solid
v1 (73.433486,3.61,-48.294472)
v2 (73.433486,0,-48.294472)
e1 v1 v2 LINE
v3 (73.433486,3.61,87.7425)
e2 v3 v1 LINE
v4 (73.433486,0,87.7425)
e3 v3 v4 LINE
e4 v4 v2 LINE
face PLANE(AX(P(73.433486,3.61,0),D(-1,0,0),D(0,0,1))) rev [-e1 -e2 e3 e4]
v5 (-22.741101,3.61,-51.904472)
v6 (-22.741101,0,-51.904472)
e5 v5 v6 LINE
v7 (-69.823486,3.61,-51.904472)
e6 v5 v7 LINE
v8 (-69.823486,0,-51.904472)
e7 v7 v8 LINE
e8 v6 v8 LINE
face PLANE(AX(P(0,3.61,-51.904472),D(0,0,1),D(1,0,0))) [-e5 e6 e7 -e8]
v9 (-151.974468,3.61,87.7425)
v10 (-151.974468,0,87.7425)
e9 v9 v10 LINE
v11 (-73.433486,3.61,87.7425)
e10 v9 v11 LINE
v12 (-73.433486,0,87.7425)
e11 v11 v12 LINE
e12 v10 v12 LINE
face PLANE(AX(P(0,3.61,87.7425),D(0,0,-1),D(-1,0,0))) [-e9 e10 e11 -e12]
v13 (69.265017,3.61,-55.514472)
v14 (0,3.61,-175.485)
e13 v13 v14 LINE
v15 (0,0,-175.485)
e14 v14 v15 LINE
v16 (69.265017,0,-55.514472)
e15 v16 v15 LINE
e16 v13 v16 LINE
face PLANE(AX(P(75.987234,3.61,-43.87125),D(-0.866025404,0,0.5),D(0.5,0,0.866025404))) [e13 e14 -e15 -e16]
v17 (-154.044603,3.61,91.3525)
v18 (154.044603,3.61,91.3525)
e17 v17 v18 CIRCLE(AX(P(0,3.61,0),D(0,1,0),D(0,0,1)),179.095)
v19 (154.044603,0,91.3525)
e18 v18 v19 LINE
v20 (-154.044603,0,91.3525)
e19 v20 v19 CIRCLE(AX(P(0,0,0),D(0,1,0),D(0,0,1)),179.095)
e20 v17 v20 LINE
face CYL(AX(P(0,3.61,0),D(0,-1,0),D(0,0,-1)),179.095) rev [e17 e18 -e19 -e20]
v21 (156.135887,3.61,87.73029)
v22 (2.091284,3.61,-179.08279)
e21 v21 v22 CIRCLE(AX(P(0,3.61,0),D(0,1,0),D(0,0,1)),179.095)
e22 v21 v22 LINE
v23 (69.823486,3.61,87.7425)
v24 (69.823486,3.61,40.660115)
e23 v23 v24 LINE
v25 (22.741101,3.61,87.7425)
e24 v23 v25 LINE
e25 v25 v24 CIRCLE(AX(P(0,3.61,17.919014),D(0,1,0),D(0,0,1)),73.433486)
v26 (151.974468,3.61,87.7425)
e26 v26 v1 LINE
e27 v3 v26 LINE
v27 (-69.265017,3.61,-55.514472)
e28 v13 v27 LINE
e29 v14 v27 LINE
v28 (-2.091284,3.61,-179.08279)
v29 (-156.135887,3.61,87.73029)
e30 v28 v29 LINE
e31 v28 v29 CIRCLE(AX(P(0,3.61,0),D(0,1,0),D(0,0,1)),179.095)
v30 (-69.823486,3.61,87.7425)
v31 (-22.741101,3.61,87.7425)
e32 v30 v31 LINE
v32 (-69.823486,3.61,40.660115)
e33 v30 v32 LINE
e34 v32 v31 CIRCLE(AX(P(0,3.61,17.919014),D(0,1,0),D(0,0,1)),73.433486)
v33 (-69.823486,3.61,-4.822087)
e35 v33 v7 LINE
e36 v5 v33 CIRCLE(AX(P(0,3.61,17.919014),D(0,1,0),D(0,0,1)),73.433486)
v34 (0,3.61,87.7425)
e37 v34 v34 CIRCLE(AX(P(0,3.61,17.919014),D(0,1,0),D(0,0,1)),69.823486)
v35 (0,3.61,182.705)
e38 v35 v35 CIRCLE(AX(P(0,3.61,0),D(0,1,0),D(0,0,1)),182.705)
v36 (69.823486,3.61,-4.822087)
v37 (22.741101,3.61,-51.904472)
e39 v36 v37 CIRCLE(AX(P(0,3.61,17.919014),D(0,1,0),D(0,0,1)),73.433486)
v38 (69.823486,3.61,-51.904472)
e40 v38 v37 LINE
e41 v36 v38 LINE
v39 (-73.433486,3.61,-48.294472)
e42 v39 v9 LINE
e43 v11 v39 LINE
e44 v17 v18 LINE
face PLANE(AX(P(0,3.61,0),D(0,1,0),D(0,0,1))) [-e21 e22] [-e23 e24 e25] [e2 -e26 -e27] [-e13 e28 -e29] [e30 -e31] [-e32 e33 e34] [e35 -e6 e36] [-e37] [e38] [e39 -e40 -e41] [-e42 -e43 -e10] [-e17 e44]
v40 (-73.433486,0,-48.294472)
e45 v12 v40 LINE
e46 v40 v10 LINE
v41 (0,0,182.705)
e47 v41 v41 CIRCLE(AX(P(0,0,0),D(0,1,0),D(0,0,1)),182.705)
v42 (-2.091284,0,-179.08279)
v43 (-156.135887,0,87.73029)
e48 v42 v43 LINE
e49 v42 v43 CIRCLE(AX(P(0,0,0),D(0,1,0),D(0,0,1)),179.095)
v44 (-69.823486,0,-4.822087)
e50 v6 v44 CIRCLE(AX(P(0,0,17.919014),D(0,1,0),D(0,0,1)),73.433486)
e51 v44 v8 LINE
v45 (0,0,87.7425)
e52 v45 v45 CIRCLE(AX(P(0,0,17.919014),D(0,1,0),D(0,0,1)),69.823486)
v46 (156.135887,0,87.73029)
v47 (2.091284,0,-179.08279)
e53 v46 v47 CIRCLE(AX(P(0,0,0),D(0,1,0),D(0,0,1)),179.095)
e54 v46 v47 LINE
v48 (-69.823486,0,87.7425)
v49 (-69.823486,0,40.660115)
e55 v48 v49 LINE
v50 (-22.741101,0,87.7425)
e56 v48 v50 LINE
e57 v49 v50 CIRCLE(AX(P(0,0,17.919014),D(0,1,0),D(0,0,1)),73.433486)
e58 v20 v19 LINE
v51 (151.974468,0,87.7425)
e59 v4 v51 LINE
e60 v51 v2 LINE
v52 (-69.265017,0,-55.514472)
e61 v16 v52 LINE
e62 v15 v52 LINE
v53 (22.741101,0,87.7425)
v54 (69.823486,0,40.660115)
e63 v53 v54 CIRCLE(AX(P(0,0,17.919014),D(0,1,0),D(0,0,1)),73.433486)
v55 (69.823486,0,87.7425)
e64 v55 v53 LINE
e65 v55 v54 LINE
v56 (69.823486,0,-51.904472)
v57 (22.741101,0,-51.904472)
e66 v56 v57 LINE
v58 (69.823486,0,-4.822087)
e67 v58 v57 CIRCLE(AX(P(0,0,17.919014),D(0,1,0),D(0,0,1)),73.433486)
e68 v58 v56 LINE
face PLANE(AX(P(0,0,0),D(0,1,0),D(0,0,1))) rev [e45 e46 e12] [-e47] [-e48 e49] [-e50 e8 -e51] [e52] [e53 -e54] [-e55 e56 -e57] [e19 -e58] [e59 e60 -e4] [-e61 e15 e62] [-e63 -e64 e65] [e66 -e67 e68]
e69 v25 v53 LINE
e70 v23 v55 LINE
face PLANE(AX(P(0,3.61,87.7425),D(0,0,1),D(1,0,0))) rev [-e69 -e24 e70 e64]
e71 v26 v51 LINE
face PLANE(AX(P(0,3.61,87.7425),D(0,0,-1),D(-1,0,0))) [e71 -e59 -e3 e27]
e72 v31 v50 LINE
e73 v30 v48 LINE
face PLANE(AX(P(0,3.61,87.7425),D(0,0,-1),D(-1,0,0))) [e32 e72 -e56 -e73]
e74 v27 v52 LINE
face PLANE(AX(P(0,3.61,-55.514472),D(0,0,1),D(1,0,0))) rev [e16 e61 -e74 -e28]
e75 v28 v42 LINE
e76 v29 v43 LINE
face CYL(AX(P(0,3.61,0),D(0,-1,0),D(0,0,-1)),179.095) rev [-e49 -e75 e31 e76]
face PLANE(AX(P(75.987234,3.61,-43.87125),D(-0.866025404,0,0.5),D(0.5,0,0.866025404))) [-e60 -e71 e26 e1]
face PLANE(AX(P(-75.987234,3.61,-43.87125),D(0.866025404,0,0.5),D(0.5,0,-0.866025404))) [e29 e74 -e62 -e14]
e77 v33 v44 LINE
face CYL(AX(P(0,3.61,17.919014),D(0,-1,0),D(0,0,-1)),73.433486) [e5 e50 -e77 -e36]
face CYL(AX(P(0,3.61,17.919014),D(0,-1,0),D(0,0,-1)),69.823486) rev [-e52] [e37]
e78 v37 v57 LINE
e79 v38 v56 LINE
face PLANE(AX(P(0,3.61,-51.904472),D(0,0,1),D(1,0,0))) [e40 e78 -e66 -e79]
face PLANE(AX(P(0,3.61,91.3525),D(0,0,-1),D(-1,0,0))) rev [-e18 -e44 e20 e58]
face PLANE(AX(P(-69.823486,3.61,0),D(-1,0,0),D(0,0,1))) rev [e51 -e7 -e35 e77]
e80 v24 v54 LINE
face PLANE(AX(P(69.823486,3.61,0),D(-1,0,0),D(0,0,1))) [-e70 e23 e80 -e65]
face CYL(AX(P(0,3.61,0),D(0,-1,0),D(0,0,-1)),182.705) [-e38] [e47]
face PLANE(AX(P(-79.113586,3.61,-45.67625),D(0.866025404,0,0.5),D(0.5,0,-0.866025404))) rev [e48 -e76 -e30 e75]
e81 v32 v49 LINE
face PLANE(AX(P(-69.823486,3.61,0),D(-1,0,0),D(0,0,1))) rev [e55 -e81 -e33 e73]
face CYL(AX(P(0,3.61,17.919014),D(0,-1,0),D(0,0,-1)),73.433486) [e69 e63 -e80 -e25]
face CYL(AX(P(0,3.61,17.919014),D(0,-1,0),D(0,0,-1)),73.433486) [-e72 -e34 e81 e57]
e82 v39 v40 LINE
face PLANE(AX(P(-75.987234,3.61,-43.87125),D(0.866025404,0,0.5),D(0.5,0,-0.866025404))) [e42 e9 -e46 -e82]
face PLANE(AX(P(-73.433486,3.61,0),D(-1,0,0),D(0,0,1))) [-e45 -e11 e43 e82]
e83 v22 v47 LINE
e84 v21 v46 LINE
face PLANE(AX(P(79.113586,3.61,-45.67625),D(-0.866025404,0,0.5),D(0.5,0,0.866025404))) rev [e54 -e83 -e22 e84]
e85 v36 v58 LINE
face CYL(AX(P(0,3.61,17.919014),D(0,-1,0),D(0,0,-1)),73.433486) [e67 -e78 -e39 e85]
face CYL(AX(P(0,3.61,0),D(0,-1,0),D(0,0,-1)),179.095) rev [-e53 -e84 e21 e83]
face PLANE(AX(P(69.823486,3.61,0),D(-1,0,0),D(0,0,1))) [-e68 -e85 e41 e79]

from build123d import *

# Parameters (mm, degrees)
SKETCH1_R           = 182.705
SKETCH1_R_2         = 69.823485805
BOSS_EXTRUDE4_DEPTH = 3.61


with BuildPart() as part:
    # Sketch1 → Boss-Extrude4 (new body)
    with BuildSketch(Plane(origin=(0, 0, 0), x_dir=(1, 0, 0), z_dir=(0, 1, 0))):
        with Locations(Location((0, 0, 0), (0, 0, 270))):
            Circle(SKETCH1_R)
        Polygon((-73.433485805, -87.7425), (-151.974467983, -87.7425), (-73.433485805, 48.294471609), align=None, mode=Mode.SUBTRACT)
        with BuildLine():
            Line((-22.741100842, -87.7425), (-69.823485805, -87.7425))
            Line((-69.823485805, -87.7425), (-69.823485805, -40.660115037))
            ThreePointArc((-69.823485805, -40.660115037), (-51.925315779, -69.844329974), (-22.741100842, -87.7425))
        make_face(mode=Mode.SUBTRACT)
        with Locations(Location((0, -17.919014195, 0), (0, 0, 270))):
            Circle(SKETCH1_R_2, mode=Mode.SUBTRACT)
        with BuildLine():
            ThreePointArc((154.04460318, -91.3525), (0, -179.095), (-154.04460318, -91.3525))
            Line((-154.04460318, -91.3525), (-73.433485805, -91.3525))
            Line((-73.433485805, -91.3525), (73.433485805, -91.3525))
            Line((73.433485805, -91.3525), (154.04460318, -91.3525))
        make_face(mode=Mode.SUBTRACT)
        with BuildLine():
            Line((69.823485805, -40.660115037), (69.823485805, -87.7425))
            Line((69.823485805, -87.7425), (22.741100842, -87.7425))
            ThreePointArc((22.741100842, -87.7425), (51.925315779, -69.844329974), (69.823485805, -40.660115037))
        make_face(mode=Mode.SUBTRACT)
        Polygon((151.974467983, -87.7425), (73.433485805, -87.7425), (73.433485805, 48.294471609), align=None, mode=Mode.SUBTRACT)
        with BuildLine():
            Line((-69.823485805, 51.904471609), (-22.741100842, 51.904471609))
            ThreePointArc((-22.741100842, 51.904471609), (-51.925315779, 34.006301583), (-69.823485805, 4.822086647))
            Line((-69.823485805, 4.822086647), (-69.823485805, 51.904471609))
        make_face(mode=Mode.SUBTRACT)
        with BuildLine():
            ThreePointArc((-156.135887289, -87.730289669), (-155.100819691, 89.5475), (-2.091284109, 179.082789669))
            Line((-2.091284109, 179.082789669), (-156.135887289, -87.730289669))
        make_face(mode=Mode.SUBTRACT)
        Polygon((-69.265016861, 55.514471609), (0, 175.485), (69.265016861, 55.514471609), align=None, mode=Mode.SUBTRACT)
        with BuildLine():
            Line((22.741100842, 51.904471609), (69.823485805, 51.904471609))
            Line((69.823485805, 51.904471609), (69.823485805, 4.822086647))
            ThreePointArc((69.823485805, 4.822086647), (51.925315779, 34.006301583), (22.741100842, 51.904471609))
        make_face(mode=Mode.SUBTRACT)
        with BuildLine():
            ThreePointArc((2.091284109, 179.082789669), (155.100819691, 89.5475), (156.135887289, -87.730289669))
            Line((156.135887289, -87.730289669), (2.091284109, 179.082789669))
        make_face(mode=Mode.SUBTRACT)
    extrude(amount=BOSS_EXTRUDE4_DEPTH)


solid = part.part
